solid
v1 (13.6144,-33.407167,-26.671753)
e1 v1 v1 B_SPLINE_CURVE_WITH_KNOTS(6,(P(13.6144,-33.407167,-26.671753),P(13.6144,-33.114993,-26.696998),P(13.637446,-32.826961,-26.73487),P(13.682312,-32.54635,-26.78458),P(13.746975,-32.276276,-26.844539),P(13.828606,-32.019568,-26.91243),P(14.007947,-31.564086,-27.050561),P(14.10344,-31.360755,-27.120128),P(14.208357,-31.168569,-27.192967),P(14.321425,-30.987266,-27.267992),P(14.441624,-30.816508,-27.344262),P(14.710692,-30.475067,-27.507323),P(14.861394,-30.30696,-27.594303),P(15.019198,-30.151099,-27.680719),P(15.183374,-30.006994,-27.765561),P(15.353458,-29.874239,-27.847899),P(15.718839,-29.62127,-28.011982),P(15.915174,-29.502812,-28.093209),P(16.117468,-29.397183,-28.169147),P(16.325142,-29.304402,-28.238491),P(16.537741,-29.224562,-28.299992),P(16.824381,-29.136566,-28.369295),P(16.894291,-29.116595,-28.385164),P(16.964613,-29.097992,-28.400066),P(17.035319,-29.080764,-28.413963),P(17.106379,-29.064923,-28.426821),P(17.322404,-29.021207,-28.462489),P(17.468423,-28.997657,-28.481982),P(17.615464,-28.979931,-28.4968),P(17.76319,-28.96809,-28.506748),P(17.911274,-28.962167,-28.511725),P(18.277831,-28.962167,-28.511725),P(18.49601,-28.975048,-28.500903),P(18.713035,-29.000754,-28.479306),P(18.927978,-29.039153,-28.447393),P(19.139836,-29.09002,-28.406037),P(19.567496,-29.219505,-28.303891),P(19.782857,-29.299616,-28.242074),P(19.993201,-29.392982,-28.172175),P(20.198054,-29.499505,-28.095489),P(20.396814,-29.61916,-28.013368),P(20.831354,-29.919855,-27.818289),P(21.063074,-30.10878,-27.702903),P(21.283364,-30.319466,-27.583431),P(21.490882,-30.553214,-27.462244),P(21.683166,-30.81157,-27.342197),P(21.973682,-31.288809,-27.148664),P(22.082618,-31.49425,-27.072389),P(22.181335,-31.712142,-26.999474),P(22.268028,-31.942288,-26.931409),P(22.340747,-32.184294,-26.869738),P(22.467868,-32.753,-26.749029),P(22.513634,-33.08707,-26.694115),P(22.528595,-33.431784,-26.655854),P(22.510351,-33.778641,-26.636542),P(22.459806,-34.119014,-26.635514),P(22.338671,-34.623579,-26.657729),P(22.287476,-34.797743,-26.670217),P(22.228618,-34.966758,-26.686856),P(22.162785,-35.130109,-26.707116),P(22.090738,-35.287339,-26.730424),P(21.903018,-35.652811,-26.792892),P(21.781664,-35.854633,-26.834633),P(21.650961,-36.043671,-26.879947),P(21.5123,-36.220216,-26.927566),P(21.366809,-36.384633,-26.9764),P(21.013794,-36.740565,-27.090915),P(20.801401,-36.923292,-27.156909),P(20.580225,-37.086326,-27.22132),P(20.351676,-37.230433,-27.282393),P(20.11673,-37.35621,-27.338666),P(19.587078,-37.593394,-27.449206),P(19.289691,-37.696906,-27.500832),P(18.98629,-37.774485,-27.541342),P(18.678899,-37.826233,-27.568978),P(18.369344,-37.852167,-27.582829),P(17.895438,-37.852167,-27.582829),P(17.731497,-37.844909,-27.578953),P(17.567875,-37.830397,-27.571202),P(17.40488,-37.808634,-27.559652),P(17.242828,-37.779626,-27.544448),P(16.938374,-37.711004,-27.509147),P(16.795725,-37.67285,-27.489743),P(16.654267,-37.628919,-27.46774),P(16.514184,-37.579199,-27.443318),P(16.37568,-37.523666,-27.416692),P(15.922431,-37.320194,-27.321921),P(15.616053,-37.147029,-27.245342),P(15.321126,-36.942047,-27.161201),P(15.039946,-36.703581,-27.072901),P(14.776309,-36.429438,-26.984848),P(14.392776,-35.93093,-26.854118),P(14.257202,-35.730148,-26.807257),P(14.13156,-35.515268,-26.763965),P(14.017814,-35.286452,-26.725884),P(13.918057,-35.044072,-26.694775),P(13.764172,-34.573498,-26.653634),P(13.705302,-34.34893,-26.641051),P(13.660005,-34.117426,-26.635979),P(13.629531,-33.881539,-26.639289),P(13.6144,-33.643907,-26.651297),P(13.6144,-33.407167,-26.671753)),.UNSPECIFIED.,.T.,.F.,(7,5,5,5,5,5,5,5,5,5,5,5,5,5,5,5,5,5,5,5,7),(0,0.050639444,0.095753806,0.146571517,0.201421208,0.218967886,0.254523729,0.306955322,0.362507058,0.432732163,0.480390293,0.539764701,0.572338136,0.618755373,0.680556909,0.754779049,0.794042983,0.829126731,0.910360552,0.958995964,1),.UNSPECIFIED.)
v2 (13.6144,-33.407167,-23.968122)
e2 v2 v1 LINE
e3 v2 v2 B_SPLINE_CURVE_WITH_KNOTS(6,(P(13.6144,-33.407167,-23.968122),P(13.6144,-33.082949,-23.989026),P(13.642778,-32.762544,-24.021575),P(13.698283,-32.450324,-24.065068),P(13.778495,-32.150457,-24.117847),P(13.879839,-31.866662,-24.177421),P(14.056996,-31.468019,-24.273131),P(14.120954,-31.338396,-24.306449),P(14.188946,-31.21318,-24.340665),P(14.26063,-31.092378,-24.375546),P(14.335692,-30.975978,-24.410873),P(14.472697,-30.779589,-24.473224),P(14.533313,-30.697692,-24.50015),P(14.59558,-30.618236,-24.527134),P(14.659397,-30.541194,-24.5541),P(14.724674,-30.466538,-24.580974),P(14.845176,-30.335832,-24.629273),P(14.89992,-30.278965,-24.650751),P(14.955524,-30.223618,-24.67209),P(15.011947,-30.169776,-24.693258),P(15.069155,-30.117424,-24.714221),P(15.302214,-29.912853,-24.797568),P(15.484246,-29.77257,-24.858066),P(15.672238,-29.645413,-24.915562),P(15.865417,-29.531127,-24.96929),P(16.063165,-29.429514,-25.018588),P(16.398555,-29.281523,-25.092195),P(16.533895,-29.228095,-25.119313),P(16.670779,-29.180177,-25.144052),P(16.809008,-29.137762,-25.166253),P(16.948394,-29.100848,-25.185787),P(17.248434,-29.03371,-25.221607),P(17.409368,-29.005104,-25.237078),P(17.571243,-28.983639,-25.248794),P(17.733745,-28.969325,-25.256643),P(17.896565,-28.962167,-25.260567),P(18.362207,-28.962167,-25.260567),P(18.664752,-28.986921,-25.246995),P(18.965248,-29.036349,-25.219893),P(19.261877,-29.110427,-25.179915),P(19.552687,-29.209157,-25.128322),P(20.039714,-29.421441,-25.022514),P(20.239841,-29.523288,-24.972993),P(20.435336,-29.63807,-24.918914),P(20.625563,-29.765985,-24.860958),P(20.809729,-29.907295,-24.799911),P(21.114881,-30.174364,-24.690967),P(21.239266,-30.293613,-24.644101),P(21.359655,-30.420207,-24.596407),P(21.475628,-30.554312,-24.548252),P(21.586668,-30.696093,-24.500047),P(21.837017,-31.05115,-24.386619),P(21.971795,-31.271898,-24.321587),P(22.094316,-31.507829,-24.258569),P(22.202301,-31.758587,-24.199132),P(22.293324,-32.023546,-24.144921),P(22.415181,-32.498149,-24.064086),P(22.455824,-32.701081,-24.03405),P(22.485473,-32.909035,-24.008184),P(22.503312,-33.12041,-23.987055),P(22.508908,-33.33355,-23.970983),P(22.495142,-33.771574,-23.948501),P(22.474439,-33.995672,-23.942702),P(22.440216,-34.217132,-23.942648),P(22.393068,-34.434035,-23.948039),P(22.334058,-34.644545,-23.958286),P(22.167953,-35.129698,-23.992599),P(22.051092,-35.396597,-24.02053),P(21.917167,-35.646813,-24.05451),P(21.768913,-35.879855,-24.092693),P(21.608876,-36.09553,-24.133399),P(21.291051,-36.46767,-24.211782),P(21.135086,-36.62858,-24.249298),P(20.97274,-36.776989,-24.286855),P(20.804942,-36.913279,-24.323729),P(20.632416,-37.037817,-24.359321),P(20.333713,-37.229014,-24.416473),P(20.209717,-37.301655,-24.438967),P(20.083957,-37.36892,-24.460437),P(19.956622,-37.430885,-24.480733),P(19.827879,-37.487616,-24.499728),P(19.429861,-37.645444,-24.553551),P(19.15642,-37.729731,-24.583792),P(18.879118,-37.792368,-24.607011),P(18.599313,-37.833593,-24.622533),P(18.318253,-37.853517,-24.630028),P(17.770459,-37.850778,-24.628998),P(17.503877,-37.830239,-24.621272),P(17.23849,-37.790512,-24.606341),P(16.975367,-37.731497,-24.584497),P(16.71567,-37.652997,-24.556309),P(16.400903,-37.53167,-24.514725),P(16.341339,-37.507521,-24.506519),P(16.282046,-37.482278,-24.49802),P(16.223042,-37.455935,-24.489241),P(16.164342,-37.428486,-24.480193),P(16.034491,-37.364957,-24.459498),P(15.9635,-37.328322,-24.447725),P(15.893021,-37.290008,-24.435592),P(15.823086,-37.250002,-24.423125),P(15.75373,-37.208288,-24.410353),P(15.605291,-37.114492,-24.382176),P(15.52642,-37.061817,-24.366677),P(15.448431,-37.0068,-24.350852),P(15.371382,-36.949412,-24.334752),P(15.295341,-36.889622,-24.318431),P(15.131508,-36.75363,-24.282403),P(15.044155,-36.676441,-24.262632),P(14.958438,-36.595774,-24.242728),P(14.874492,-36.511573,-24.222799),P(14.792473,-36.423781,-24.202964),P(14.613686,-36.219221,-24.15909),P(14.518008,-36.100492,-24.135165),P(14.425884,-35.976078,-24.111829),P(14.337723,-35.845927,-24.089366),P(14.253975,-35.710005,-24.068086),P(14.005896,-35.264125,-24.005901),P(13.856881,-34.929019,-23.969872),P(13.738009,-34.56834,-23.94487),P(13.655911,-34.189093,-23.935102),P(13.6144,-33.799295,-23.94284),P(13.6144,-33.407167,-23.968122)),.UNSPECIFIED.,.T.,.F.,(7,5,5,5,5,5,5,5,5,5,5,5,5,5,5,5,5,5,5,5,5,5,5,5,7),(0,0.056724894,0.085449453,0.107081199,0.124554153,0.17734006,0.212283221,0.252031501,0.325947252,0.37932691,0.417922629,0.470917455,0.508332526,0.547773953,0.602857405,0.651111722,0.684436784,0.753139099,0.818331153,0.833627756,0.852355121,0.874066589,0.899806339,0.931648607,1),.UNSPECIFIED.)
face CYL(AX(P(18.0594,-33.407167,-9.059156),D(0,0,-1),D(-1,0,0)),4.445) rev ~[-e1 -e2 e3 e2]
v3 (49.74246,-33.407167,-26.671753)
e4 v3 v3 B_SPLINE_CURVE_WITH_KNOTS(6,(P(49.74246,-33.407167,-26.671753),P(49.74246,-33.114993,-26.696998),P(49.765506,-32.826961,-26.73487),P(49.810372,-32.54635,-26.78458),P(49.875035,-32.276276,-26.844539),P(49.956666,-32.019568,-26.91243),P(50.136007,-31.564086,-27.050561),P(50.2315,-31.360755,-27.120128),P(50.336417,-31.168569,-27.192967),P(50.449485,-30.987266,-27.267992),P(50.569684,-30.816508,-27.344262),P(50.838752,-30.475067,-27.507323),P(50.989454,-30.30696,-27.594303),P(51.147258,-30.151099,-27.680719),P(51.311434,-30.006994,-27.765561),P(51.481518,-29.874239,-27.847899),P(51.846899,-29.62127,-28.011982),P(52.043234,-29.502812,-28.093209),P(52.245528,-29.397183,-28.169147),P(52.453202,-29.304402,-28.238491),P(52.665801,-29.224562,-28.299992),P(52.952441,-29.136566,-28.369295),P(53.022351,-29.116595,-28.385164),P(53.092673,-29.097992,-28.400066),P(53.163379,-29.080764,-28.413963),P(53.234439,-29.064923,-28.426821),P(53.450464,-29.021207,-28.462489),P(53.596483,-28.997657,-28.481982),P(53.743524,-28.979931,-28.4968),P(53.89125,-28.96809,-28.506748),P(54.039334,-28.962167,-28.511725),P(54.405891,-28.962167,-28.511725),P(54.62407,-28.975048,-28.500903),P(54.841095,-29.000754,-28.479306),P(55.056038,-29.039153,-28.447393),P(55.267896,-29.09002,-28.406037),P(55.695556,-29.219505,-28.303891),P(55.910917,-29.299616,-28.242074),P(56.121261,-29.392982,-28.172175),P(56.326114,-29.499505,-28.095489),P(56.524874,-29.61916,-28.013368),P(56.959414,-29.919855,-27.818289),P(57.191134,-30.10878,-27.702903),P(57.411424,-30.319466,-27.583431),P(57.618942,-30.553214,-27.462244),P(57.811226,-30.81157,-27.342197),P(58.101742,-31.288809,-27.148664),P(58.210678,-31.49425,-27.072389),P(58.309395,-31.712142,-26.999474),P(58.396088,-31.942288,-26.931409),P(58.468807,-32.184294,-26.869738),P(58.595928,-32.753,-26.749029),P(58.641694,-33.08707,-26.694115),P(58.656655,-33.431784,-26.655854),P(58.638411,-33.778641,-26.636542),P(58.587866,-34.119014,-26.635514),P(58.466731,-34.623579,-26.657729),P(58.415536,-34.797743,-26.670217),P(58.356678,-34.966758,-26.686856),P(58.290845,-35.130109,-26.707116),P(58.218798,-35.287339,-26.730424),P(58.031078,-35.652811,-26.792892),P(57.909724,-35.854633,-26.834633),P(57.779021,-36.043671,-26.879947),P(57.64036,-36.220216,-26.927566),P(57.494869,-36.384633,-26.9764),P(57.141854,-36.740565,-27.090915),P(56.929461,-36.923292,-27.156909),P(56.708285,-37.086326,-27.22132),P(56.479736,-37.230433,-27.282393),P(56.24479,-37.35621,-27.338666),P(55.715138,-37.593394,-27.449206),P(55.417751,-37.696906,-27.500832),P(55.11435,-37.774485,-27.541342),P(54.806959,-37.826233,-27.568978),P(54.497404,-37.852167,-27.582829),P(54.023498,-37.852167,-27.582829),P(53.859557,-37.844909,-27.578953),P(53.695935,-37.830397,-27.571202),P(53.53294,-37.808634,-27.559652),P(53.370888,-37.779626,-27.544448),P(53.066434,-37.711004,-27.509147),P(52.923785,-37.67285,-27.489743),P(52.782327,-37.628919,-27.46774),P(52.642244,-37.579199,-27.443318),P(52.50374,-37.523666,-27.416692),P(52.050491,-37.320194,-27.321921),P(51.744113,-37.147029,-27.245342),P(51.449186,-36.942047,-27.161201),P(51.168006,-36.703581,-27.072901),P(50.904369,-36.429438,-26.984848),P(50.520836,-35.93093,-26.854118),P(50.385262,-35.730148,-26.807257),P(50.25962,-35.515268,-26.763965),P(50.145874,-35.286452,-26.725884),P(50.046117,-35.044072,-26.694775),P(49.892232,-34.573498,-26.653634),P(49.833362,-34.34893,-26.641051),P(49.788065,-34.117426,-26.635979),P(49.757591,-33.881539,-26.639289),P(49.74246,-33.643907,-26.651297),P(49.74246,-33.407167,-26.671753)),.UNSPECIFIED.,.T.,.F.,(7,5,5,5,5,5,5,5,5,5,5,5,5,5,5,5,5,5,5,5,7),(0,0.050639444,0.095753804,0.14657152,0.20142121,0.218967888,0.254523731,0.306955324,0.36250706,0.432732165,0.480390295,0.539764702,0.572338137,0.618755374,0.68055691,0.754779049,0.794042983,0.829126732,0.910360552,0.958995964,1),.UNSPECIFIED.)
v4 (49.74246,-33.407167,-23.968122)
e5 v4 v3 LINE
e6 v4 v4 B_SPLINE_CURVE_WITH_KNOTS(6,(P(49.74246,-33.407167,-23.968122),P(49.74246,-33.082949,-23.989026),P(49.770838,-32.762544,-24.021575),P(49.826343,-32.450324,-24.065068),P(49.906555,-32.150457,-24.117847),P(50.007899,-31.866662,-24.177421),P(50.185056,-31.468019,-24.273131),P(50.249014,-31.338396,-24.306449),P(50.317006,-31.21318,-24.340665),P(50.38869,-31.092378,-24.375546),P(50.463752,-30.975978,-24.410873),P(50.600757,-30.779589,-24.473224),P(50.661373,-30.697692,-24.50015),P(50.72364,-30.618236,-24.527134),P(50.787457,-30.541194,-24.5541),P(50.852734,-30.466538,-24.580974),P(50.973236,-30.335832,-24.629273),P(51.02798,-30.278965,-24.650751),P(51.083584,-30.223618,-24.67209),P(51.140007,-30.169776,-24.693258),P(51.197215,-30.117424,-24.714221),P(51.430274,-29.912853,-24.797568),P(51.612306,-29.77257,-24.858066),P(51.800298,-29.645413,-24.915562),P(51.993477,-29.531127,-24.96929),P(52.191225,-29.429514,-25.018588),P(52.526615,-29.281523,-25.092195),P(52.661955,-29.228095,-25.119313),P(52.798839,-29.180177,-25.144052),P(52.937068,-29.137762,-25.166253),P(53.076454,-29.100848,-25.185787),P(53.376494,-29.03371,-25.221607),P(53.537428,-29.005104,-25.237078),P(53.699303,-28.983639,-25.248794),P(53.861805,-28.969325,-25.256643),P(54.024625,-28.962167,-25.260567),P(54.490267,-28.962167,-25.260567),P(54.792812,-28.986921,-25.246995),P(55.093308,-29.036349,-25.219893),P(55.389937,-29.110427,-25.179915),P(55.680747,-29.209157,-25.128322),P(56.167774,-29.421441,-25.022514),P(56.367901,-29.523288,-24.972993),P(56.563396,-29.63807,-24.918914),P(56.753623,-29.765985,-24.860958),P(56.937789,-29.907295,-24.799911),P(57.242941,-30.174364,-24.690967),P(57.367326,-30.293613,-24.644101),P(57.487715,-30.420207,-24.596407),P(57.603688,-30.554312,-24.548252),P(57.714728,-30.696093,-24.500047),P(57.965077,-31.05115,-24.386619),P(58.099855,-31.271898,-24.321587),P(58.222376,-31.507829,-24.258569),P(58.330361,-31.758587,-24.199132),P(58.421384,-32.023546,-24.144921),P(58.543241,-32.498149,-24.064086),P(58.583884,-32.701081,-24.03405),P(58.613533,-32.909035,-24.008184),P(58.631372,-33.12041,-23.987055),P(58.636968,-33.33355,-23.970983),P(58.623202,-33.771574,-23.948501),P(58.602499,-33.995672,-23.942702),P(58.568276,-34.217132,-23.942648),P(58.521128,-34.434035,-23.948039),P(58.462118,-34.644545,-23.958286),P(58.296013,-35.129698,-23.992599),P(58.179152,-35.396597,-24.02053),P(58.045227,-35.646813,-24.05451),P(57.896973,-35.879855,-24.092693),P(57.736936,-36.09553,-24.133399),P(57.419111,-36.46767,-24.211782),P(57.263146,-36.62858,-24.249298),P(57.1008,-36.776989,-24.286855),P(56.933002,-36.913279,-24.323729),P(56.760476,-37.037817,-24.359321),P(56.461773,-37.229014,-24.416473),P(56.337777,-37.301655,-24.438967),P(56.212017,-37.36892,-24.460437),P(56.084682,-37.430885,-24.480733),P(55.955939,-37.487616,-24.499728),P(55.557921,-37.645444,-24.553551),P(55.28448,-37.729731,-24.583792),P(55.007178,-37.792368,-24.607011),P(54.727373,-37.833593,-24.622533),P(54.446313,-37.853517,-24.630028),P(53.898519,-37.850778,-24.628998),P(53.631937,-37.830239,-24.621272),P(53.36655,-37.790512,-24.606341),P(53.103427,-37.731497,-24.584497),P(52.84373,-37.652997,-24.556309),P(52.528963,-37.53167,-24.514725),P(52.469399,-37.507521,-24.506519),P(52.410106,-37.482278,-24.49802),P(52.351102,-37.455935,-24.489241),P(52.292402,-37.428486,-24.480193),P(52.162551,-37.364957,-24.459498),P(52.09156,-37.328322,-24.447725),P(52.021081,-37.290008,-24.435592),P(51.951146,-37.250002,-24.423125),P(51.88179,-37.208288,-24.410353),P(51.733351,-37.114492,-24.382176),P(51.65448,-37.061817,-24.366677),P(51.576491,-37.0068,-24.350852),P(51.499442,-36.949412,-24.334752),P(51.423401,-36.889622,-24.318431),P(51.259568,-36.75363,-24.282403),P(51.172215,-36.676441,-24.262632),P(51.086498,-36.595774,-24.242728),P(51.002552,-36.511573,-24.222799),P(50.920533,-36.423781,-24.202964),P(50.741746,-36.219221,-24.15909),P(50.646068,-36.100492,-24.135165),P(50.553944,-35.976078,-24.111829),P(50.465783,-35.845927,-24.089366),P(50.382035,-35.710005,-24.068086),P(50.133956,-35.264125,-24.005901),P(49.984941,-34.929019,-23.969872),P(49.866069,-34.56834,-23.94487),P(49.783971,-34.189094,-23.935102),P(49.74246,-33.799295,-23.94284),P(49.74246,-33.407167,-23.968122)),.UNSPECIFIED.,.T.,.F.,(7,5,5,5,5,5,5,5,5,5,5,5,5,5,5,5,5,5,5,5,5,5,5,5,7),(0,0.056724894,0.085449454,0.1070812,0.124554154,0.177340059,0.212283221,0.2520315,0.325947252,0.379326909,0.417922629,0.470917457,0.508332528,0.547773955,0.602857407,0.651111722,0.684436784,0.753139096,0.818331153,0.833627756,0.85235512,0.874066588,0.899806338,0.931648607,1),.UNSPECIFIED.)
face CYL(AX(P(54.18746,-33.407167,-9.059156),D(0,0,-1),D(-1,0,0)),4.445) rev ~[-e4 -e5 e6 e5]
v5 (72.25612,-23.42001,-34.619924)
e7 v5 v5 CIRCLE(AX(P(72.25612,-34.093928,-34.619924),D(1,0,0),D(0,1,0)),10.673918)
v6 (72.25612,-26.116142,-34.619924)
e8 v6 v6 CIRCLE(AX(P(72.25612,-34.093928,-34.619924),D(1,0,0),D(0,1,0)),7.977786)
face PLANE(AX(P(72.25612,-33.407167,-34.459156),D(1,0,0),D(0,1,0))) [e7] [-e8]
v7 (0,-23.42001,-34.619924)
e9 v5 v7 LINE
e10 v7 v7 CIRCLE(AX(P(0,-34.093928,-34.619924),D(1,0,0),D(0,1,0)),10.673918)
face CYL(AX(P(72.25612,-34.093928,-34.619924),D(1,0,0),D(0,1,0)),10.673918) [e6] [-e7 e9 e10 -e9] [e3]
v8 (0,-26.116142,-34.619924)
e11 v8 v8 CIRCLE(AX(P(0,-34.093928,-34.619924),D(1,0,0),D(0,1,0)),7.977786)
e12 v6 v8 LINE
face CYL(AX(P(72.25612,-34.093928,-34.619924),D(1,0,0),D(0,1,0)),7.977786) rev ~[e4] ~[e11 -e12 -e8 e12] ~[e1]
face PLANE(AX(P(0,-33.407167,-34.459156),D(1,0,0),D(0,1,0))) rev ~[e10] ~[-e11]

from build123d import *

# Parameters (mm, degrees)
F0_W     = 25.4
F0_H     = 25.4
F1_DEPTH = 72.25612
F2_R     = 7.977786
F3_DEPTH = 82.87319
F5_D     = 8.89
F5_DEPTH = 12.7
F2_W     = 25.4
F2_H     = 25.4
F2_R_2   = 10.673918
F6_DEPTH = 88.86488


with BuildPart() as f1:
    # F0 (on Right) → F1 (new body)
    with BuildSketch(Plane.YZ):
        with Locations((-33.407167, -34.459156)):
            Rectangle(F0_W, F0_H)
    extrude(amount=F1_DEPTH)

    # F2 (on face) → F3 (cut)
    with BuildSketch(Plane.YZ.offset(72.25612)):
        with Locations((-34.093928, -34.619924)):
            Circle(F2_R)
    extrude(amount=-F3_DEPTH, mode=Mode.SUBTRACT)

    # F5
    with Locations(Plane.XY.offset(-21.759156)):
        with Locations((18.0594, -33.407167), (54.18746, -33.407167)):
            Hole(F5_D / 2, depth=F5_DEPTH)

    # F2 (on face) → F6 (cut)
    with BuildSketch(Plane.YZ.offset(72.25612)):
        with Locations((-33.407167, -34.459156)):
            Rectangle(F2_W, F2_H)
        with Locations((-34.093928, -34.619924)):
            Circle(F2_R_2, mode=Mode.SUBTRACT)
    extrude(amount=-F6_DEPTH, mode=Mode.SUBTRACT)


solid = f1.part
